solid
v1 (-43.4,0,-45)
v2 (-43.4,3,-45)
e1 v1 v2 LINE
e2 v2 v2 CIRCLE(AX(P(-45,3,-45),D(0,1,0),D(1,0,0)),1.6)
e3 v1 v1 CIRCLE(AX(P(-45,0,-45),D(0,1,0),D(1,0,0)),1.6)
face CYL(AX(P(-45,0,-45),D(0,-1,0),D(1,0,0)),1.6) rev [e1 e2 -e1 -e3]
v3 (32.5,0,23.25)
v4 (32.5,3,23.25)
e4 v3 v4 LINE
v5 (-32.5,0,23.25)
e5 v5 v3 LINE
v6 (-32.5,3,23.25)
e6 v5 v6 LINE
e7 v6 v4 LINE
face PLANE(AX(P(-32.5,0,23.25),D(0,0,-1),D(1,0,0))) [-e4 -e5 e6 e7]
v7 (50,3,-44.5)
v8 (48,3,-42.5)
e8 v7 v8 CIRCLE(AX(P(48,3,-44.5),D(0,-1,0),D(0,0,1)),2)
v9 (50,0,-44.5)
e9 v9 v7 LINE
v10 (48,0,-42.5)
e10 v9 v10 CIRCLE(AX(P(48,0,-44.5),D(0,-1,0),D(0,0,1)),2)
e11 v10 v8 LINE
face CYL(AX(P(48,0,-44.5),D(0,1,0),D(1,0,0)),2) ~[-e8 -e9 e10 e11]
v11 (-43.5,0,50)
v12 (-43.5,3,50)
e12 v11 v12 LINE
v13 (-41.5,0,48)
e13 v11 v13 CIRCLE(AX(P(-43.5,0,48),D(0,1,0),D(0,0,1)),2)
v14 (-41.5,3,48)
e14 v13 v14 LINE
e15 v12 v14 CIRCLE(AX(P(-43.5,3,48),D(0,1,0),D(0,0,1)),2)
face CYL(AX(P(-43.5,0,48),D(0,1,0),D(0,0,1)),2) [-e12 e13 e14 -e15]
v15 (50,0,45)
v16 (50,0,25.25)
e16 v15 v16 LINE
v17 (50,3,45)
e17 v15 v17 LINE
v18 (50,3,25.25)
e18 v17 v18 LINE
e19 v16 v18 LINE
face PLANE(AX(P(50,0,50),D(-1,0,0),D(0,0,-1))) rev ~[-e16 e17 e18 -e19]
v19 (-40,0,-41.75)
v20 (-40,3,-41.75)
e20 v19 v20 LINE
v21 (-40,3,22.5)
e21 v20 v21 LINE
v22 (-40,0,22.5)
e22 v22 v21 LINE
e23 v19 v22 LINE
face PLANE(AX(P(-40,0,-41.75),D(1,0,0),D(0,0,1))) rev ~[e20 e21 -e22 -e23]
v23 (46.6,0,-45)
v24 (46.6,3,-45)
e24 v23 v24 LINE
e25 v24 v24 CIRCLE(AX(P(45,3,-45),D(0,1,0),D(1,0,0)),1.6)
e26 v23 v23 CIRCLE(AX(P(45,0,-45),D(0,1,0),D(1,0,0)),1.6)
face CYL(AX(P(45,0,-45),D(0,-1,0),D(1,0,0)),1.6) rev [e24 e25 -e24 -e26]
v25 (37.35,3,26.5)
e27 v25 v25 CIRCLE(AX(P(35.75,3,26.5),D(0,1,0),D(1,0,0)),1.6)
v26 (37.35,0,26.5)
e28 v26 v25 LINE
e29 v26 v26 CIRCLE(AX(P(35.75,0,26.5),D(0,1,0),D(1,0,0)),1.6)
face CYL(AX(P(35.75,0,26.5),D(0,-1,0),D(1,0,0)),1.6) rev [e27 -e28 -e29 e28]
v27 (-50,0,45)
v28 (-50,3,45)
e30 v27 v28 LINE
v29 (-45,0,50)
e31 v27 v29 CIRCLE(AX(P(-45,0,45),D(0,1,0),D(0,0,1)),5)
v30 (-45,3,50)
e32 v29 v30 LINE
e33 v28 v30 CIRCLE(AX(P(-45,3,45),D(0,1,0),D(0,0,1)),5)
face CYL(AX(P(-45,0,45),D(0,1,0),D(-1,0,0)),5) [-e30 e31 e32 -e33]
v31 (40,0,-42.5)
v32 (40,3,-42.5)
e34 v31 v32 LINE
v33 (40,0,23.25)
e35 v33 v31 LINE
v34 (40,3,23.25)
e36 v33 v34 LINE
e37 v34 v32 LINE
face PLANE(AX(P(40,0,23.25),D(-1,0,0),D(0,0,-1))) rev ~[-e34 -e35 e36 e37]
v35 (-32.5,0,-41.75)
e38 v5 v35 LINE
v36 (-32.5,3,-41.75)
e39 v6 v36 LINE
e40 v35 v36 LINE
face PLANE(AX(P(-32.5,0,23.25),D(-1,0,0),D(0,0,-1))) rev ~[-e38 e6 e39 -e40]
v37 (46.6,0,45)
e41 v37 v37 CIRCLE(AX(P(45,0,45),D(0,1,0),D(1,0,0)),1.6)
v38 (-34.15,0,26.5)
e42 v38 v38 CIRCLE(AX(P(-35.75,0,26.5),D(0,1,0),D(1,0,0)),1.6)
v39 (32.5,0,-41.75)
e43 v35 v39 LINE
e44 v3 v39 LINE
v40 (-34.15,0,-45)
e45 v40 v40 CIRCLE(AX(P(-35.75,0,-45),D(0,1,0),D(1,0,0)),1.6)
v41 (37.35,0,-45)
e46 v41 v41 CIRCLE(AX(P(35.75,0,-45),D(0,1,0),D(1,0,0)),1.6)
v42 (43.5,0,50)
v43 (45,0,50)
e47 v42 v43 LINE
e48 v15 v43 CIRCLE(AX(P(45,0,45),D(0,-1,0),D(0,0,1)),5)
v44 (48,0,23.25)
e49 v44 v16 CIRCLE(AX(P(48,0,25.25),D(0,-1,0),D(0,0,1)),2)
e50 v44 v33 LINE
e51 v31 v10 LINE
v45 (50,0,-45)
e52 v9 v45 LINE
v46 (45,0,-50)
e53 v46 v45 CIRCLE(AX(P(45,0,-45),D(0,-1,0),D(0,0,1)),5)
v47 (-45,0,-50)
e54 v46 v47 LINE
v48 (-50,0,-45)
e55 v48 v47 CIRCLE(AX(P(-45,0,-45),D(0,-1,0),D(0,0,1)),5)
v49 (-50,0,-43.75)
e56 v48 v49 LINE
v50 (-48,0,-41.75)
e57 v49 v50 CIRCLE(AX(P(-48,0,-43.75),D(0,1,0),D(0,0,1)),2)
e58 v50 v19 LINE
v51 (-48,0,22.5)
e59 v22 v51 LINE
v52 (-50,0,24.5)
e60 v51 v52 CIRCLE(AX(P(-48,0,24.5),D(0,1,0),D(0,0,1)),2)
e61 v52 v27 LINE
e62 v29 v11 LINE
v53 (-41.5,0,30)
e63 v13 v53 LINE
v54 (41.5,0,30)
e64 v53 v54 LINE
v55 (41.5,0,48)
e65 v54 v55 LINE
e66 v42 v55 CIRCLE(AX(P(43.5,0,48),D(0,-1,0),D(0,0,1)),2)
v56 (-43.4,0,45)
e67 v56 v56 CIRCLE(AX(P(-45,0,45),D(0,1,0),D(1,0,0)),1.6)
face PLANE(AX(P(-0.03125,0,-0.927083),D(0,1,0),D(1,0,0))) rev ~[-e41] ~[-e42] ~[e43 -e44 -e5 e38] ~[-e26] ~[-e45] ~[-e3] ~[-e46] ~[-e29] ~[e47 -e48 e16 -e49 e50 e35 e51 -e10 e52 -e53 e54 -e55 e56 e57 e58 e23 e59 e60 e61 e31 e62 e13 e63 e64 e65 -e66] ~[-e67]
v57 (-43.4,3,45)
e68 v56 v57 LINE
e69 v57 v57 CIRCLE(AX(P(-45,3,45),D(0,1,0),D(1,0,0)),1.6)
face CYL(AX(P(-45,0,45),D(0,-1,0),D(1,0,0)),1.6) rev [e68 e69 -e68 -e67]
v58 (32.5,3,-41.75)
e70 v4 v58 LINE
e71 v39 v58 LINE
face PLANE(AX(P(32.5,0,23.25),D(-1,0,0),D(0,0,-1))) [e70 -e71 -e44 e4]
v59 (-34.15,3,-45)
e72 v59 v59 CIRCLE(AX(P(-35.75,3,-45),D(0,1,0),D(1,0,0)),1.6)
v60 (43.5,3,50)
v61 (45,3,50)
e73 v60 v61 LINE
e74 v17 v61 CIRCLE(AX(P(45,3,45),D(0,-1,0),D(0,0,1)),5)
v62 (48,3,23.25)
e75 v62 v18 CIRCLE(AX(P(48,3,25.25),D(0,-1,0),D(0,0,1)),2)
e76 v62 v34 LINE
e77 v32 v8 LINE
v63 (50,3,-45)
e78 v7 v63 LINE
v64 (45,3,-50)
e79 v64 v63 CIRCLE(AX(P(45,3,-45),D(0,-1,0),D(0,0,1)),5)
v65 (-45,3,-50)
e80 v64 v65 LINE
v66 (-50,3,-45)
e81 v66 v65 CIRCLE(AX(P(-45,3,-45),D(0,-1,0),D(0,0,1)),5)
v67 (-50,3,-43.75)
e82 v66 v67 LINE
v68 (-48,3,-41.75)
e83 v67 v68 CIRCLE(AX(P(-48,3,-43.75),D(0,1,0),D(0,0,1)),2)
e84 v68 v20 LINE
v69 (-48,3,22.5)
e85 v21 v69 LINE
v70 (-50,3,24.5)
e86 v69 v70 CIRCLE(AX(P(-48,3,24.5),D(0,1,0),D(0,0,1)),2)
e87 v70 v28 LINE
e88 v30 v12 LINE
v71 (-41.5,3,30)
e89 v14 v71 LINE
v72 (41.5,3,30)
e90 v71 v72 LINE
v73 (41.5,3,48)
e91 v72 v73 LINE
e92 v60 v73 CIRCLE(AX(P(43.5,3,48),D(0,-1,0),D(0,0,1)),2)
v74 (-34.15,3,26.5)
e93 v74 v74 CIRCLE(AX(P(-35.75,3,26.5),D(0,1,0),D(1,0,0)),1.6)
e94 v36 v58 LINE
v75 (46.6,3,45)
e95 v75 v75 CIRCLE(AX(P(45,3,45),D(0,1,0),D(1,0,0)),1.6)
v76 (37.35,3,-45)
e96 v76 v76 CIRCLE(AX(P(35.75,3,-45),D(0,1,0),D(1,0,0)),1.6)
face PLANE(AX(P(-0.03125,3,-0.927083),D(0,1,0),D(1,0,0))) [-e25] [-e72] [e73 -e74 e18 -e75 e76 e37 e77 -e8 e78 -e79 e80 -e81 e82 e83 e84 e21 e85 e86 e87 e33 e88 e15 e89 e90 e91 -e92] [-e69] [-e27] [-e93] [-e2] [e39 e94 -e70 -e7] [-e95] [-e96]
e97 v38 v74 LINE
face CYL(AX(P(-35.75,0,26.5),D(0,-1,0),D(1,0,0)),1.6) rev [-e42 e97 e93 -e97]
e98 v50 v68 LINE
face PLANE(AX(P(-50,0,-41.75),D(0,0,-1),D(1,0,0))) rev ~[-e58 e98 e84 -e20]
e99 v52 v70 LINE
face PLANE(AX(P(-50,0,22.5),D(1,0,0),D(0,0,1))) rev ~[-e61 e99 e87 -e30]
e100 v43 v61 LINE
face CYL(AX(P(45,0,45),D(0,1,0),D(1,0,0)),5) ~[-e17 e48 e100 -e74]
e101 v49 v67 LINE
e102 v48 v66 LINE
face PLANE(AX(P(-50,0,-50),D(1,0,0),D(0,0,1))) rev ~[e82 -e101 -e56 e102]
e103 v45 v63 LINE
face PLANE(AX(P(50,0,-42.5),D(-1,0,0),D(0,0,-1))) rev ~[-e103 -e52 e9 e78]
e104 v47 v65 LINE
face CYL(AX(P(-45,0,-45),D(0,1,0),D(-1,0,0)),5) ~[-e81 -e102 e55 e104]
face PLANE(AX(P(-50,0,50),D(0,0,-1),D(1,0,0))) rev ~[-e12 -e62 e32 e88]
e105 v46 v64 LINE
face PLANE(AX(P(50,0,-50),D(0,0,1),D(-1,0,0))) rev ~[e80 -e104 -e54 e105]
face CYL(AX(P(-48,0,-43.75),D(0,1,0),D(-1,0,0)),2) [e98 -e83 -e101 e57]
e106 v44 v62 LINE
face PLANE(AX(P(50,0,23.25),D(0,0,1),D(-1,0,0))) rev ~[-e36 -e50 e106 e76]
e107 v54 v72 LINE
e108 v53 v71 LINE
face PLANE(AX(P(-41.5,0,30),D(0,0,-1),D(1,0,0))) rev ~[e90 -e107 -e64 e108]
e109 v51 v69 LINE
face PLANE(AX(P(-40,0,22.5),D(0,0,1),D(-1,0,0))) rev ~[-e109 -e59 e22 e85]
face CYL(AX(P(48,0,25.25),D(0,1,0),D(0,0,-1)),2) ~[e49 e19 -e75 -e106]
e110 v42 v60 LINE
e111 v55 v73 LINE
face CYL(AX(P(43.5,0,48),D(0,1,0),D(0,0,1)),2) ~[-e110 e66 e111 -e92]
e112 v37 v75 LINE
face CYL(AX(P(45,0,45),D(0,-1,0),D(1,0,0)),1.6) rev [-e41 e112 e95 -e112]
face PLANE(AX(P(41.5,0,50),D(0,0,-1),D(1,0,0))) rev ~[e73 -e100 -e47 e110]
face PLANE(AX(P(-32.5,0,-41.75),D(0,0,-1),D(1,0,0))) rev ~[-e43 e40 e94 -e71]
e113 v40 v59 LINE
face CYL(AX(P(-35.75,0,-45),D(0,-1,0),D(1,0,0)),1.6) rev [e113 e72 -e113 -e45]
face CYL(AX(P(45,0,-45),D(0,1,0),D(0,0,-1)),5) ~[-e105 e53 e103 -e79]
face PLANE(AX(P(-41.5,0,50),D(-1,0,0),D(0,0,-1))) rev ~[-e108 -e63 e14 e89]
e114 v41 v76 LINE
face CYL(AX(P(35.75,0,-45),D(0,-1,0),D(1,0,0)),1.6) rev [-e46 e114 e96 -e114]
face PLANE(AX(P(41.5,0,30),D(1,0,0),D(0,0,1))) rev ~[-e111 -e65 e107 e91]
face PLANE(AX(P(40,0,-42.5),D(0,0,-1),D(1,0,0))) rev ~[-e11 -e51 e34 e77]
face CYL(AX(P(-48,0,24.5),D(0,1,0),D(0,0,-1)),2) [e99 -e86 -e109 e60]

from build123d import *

# Parameters (mm, degrees)
SKETCH1_R           = 1.6
SKETCH1_W           = 65
SKETCH1_H           = 65
BOSS_EXTRUDE1_DEPTH = 3
FILLET1_R           = 2
FILLET2_R           = 5


with BuildPart() as part:
    # Sketch1 → Boss-Extrude1 (new body)
    with BuildSketch(Plane(origin=(0, 0, 0), x_dir=(1, 0, 0), z_dir=(0, 1, 0))):
        Polygon((-50, 50), (-50, 41.75), (-40, 41.75), (-40, -22.5), (-50, -22.5), (-50, -50), (-41.5, -50), (-41.5, -30), (41.5, -30), (41.5, -50), (50, -50), (50, -23.25), (40, -23.25), (40, 42.5), (50, 42.5), (50, 50), align=None)
        with Locations((-45, -45)):
            Circle(SKETCH1_R, mode=Mode.SUBTRACT)
        with Locations((-35.75, -26.5)):
            Circle(SKETCH1_R, mode=Mode.SUBTRACT)
        with Locations((45, -45)):
            Circle(SKETCH1_R, mode=Mode.SUBTRACT)
        with Locations((35.75, -26.5)):
            Circle(SKETCH1_R, mode=Mode.SUBTRACT)
        with Locations((0, 9.25)):
            Rectangle(SKETCH1_W, SKETCH1_H, mode=Mode.SUBTRACT)
        with Locations((-45, 45)):
            Circle(SKETCH1_R, mode=Mode.SUBTRACT)
        with Locations((-35.75, 45)):
            Circle(SKETCH1_R, mode=Mode.SUBTRACT)
        with Locations((35.75, 45)):
            Circle(SKETCH1_R, mode=Mode.SUBTRACT)
        with Locations((45, 45)):
            Circle(SKETCH1_R, mode=Mode.SUBTRACT)
    extrude(amount=BOSS_EXTRUDE1_DEPTH)

    # Fillet1
    fillet1_edges = [part.edges().sort_by_distance(p)[0] for p in [
        (50, 1.5, 23.25),
        (41.5, 1.5, 50),
        (-41.5, 1.5, 50),
        (-50, 1.5, 22.5),
        (-50, 1.5, -41.75),
        (50, 1.5, -42.5),
    ]]
    fillet(fillet1_edges, radius=FILLET1_R)

    # Fillet2
    fillet2_edges = [part.edges().sort_by_distance(p)[0] for p in [
        (50, 1.5, 50),
        (-50, 1.5, 50),
        (-50, 1.5, -50),
        (50, 1.5, -50),
    ]]
    fillet(fillet2_edges, radius=FILLET2_R)


solid = part.part
